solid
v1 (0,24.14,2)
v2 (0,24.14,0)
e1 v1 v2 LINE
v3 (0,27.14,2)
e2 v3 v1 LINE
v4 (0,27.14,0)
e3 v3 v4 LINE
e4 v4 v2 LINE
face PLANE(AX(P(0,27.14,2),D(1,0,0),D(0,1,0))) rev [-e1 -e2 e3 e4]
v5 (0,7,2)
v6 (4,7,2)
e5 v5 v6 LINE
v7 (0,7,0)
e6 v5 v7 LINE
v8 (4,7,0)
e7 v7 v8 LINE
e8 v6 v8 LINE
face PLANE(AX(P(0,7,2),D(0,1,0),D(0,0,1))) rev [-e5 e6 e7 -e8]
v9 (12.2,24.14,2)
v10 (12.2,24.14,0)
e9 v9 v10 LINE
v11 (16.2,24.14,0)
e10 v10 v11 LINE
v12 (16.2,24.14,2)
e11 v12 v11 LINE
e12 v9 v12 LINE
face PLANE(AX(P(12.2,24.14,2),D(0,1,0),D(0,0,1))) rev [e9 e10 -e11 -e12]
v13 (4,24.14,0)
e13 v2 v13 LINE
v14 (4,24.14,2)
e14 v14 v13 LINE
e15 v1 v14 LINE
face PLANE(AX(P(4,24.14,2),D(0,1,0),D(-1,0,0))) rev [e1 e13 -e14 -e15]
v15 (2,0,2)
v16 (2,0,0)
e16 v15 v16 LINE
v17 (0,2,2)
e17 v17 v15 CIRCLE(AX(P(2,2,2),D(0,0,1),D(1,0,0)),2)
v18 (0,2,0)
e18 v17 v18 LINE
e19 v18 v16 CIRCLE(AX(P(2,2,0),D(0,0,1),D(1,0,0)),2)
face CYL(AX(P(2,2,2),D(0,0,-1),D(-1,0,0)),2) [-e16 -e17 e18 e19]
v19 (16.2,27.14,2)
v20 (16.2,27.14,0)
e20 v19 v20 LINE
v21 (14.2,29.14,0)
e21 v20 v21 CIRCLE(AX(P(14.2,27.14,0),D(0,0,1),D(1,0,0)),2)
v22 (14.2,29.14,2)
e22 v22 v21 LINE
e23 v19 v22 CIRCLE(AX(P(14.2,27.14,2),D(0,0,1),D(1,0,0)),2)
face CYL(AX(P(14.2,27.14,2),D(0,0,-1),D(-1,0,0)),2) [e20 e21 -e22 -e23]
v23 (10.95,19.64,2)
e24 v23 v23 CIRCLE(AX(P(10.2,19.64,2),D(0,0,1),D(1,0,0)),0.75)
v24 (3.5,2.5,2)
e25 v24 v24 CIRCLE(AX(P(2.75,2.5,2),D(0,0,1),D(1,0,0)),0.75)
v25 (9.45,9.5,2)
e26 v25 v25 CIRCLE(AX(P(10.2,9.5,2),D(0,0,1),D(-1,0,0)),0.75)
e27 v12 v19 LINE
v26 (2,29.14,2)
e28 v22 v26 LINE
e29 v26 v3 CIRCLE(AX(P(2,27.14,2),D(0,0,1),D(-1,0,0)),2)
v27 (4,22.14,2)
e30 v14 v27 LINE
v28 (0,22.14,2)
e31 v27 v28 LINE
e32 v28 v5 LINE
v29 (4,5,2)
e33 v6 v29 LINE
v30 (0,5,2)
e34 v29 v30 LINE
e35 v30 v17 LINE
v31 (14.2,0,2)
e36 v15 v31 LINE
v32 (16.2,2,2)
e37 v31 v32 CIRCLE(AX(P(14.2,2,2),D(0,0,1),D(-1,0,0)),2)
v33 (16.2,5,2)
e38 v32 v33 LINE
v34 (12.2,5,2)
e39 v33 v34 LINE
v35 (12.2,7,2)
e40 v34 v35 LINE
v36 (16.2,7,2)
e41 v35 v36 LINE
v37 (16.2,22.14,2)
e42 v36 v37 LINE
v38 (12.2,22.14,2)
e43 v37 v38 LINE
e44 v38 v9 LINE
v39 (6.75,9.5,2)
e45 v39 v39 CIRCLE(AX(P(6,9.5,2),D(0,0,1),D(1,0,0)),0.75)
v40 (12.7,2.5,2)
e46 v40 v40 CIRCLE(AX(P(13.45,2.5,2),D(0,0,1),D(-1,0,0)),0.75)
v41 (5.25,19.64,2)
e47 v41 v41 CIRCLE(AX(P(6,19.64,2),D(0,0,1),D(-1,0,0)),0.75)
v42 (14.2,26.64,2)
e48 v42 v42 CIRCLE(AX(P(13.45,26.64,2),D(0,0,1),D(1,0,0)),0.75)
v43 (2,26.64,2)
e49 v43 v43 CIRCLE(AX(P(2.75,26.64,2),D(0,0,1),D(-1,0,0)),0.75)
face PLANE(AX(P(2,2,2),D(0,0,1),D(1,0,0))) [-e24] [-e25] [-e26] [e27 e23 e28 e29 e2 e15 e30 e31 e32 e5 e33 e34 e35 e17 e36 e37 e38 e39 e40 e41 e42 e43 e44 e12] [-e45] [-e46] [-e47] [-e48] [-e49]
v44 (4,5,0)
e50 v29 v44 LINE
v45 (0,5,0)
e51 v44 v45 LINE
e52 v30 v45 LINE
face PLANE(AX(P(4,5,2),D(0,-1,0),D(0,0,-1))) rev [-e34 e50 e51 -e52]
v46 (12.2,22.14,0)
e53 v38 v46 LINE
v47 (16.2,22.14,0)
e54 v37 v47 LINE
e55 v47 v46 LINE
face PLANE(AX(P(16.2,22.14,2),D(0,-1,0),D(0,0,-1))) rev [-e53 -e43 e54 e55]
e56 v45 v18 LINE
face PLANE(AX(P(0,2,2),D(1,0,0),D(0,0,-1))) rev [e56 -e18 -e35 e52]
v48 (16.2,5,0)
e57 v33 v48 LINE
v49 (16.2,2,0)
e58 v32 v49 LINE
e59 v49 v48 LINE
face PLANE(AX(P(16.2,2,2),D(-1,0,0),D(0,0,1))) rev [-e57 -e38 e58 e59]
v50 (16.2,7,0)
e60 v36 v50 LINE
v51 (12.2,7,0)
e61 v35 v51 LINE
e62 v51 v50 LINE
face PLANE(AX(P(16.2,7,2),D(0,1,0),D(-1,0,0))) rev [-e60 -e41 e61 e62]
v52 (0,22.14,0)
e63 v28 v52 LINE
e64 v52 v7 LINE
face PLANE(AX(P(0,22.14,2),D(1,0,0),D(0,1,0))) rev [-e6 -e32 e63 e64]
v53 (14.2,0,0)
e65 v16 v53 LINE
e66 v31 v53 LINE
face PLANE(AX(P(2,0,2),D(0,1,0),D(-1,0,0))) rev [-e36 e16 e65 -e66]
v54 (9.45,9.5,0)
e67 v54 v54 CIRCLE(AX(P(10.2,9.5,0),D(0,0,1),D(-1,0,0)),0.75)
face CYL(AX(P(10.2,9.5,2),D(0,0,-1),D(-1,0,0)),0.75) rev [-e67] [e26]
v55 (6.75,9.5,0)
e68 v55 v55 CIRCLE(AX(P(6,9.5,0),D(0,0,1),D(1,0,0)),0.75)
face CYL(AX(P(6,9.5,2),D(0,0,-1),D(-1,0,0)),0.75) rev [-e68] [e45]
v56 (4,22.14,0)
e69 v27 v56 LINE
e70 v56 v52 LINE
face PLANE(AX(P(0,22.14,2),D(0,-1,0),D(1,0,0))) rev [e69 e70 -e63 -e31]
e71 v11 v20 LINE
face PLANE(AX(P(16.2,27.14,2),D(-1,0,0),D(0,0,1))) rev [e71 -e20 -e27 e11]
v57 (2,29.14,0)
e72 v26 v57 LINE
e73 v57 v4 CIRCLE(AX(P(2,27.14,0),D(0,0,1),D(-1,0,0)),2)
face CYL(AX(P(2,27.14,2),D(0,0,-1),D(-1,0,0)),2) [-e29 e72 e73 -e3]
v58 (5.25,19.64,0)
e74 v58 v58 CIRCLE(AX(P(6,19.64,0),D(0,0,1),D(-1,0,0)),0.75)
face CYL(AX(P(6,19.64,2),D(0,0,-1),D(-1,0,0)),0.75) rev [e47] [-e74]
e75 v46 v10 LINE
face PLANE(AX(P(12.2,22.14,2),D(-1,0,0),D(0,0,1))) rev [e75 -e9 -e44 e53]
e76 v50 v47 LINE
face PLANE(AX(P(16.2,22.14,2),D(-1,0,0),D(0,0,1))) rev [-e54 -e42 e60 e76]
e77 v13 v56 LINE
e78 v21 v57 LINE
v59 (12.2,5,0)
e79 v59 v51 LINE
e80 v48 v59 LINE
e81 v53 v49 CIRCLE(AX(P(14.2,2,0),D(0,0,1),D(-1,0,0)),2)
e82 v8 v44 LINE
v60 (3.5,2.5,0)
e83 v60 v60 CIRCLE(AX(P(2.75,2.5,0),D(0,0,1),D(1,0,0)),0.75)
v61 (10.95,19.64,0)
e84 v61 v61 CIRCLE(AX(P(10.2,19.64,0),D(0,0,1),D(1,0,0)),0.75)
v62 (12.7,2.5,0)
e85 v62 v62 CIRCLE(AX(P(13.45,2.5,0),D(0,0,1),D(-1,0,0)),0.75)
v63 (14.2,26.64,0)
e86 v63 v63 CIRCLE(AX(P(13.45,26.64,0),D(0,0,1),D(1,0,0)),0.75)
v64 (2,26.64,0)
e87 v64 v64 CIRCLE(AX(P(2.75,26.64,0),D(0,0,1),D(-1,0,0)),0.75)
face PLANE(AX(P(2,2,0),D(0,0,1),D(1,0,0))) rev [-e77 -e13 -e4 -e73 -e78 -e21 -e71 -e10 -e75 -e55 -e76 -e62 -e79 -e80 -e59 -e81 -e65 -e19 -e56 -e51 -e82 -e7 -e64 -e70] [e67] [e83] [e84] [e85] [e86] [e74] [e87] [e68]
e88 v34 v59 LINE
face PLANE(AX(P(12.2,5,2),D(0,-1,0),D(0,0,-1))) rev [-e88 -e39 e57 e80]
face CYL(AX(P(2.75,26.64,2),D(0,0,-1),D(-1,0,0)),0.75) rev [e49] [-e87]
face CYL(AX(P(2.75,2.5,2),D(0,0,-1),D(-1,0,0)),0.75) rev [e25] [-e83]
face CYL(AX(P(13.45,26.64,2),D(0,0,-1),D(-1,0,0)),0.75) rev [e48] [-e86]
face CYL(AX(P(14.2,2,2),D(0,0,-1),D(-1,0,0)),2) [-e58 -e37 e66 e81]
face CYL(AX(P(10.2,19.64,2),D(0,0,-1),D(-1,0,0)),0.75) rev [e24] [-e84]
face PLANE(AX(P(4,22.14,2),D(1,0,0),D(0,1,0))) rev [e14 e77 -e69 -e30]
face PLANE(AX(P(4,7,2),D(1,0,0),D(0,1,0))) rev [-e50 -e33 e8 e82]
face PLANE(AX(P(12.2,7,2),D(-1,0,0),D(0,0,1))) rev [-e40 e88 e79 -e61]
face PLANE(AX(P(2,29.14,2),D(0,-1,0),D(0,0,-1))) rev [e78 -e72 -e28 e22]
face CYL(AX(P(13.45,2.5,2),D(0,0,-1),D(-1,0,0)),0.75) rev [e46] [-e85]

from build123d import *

# Parameters (mm, degrees)
SKETCH1_R           = 0.75
BOSS_EXTRUDE1_DEPTH = 2


with BuildPart() as part:
    # Sketch1 → Boss-Extrude1 (new body)
    with BuildSketch(Plane.XY):
        with BuildLine():
            Line((0, 22.14), (0, 7))
            Line((0, 7), (4, 7))
            Line((4, 7), (4, 5))
            Line((4, 5), (0, 5))
            Line((0, 5), (0, 2))
            ThreePointArc((0, 2), (0.585786438, 0.585786438), (2, 0))
            Line((2, 0), (14.2, 0))
            ThreePointArc((14.2, 0), (15.614213562, 0.585786438), (16.2, 2))
            Line((16.2, 2), (16.2, 5))
            Line((16.2, 5), (12.2, 5))
            Line((12.2, 5), (12.2, 7))
            Line((12.2, 7), (16.2, 7))
            Line((16.2, 7), (16.2, 22.14))
            Line((16.2, 22.14), (12.2, 22.14))
            Line((12.2, 22.14), (12.2, 24.14))
            Line((12.2, 24.14), (16.2, 24.14))
            Line((16.2, 24.14), (16.2, 27.14))
            ThreePointArc((16.2, 27.14), (15.614213562, 28.554213562), (14.2, 29.14))
            Line((14.2, 29.14), (2, 29.14))
            ThreePointArc((2, 29.14), (0.585786438, 28.554213562), (0, 27.14))
            Line((0, 27.14), (0, 24.14))
            Line((0, 24.14), (4, 24.14))
            Line((4, 24.14), (4, 22.14))
            Line((4, 22.14), (0, 22.14))
        make_face()
        with Locations((13.45, 2.5)):
            Circle(SKETCH1_R, mode=Mode.SUBTRACT)
        with Locations((10.2, 9.5)):
            Circle(SKETCH1_R, mode=Mode.SUBTRACT)
        with Locations((2.75, 26.64)):
            Circle(SKETCH1_R, mode=Mode.SUBTRACT)
        with Locations((6, 19.64)):
            Circle(SKETCH1_R, mode=Mode.SUBTRACT)
        with Locations((6, 9.5)):
            Circle(SKETCH1_R, mode=Mode.SUBTRACT)
        with Locations((2.75, 2.5)):
            Circle(SKETCH1_R, mode=Mode.SUBTRACT)
        with Locations((10.2, 19.64)):
            Circle(SKETCH1_R, mode=Mode.SUBTRACT)
        with Locations((13.45, 26.64)):
            Circle(SKETCH1_R, mode=Mode.SUBTRACT)
    extrude(amount=BOSS_EXTRUDE1_DEPTH)


solid = part.part
